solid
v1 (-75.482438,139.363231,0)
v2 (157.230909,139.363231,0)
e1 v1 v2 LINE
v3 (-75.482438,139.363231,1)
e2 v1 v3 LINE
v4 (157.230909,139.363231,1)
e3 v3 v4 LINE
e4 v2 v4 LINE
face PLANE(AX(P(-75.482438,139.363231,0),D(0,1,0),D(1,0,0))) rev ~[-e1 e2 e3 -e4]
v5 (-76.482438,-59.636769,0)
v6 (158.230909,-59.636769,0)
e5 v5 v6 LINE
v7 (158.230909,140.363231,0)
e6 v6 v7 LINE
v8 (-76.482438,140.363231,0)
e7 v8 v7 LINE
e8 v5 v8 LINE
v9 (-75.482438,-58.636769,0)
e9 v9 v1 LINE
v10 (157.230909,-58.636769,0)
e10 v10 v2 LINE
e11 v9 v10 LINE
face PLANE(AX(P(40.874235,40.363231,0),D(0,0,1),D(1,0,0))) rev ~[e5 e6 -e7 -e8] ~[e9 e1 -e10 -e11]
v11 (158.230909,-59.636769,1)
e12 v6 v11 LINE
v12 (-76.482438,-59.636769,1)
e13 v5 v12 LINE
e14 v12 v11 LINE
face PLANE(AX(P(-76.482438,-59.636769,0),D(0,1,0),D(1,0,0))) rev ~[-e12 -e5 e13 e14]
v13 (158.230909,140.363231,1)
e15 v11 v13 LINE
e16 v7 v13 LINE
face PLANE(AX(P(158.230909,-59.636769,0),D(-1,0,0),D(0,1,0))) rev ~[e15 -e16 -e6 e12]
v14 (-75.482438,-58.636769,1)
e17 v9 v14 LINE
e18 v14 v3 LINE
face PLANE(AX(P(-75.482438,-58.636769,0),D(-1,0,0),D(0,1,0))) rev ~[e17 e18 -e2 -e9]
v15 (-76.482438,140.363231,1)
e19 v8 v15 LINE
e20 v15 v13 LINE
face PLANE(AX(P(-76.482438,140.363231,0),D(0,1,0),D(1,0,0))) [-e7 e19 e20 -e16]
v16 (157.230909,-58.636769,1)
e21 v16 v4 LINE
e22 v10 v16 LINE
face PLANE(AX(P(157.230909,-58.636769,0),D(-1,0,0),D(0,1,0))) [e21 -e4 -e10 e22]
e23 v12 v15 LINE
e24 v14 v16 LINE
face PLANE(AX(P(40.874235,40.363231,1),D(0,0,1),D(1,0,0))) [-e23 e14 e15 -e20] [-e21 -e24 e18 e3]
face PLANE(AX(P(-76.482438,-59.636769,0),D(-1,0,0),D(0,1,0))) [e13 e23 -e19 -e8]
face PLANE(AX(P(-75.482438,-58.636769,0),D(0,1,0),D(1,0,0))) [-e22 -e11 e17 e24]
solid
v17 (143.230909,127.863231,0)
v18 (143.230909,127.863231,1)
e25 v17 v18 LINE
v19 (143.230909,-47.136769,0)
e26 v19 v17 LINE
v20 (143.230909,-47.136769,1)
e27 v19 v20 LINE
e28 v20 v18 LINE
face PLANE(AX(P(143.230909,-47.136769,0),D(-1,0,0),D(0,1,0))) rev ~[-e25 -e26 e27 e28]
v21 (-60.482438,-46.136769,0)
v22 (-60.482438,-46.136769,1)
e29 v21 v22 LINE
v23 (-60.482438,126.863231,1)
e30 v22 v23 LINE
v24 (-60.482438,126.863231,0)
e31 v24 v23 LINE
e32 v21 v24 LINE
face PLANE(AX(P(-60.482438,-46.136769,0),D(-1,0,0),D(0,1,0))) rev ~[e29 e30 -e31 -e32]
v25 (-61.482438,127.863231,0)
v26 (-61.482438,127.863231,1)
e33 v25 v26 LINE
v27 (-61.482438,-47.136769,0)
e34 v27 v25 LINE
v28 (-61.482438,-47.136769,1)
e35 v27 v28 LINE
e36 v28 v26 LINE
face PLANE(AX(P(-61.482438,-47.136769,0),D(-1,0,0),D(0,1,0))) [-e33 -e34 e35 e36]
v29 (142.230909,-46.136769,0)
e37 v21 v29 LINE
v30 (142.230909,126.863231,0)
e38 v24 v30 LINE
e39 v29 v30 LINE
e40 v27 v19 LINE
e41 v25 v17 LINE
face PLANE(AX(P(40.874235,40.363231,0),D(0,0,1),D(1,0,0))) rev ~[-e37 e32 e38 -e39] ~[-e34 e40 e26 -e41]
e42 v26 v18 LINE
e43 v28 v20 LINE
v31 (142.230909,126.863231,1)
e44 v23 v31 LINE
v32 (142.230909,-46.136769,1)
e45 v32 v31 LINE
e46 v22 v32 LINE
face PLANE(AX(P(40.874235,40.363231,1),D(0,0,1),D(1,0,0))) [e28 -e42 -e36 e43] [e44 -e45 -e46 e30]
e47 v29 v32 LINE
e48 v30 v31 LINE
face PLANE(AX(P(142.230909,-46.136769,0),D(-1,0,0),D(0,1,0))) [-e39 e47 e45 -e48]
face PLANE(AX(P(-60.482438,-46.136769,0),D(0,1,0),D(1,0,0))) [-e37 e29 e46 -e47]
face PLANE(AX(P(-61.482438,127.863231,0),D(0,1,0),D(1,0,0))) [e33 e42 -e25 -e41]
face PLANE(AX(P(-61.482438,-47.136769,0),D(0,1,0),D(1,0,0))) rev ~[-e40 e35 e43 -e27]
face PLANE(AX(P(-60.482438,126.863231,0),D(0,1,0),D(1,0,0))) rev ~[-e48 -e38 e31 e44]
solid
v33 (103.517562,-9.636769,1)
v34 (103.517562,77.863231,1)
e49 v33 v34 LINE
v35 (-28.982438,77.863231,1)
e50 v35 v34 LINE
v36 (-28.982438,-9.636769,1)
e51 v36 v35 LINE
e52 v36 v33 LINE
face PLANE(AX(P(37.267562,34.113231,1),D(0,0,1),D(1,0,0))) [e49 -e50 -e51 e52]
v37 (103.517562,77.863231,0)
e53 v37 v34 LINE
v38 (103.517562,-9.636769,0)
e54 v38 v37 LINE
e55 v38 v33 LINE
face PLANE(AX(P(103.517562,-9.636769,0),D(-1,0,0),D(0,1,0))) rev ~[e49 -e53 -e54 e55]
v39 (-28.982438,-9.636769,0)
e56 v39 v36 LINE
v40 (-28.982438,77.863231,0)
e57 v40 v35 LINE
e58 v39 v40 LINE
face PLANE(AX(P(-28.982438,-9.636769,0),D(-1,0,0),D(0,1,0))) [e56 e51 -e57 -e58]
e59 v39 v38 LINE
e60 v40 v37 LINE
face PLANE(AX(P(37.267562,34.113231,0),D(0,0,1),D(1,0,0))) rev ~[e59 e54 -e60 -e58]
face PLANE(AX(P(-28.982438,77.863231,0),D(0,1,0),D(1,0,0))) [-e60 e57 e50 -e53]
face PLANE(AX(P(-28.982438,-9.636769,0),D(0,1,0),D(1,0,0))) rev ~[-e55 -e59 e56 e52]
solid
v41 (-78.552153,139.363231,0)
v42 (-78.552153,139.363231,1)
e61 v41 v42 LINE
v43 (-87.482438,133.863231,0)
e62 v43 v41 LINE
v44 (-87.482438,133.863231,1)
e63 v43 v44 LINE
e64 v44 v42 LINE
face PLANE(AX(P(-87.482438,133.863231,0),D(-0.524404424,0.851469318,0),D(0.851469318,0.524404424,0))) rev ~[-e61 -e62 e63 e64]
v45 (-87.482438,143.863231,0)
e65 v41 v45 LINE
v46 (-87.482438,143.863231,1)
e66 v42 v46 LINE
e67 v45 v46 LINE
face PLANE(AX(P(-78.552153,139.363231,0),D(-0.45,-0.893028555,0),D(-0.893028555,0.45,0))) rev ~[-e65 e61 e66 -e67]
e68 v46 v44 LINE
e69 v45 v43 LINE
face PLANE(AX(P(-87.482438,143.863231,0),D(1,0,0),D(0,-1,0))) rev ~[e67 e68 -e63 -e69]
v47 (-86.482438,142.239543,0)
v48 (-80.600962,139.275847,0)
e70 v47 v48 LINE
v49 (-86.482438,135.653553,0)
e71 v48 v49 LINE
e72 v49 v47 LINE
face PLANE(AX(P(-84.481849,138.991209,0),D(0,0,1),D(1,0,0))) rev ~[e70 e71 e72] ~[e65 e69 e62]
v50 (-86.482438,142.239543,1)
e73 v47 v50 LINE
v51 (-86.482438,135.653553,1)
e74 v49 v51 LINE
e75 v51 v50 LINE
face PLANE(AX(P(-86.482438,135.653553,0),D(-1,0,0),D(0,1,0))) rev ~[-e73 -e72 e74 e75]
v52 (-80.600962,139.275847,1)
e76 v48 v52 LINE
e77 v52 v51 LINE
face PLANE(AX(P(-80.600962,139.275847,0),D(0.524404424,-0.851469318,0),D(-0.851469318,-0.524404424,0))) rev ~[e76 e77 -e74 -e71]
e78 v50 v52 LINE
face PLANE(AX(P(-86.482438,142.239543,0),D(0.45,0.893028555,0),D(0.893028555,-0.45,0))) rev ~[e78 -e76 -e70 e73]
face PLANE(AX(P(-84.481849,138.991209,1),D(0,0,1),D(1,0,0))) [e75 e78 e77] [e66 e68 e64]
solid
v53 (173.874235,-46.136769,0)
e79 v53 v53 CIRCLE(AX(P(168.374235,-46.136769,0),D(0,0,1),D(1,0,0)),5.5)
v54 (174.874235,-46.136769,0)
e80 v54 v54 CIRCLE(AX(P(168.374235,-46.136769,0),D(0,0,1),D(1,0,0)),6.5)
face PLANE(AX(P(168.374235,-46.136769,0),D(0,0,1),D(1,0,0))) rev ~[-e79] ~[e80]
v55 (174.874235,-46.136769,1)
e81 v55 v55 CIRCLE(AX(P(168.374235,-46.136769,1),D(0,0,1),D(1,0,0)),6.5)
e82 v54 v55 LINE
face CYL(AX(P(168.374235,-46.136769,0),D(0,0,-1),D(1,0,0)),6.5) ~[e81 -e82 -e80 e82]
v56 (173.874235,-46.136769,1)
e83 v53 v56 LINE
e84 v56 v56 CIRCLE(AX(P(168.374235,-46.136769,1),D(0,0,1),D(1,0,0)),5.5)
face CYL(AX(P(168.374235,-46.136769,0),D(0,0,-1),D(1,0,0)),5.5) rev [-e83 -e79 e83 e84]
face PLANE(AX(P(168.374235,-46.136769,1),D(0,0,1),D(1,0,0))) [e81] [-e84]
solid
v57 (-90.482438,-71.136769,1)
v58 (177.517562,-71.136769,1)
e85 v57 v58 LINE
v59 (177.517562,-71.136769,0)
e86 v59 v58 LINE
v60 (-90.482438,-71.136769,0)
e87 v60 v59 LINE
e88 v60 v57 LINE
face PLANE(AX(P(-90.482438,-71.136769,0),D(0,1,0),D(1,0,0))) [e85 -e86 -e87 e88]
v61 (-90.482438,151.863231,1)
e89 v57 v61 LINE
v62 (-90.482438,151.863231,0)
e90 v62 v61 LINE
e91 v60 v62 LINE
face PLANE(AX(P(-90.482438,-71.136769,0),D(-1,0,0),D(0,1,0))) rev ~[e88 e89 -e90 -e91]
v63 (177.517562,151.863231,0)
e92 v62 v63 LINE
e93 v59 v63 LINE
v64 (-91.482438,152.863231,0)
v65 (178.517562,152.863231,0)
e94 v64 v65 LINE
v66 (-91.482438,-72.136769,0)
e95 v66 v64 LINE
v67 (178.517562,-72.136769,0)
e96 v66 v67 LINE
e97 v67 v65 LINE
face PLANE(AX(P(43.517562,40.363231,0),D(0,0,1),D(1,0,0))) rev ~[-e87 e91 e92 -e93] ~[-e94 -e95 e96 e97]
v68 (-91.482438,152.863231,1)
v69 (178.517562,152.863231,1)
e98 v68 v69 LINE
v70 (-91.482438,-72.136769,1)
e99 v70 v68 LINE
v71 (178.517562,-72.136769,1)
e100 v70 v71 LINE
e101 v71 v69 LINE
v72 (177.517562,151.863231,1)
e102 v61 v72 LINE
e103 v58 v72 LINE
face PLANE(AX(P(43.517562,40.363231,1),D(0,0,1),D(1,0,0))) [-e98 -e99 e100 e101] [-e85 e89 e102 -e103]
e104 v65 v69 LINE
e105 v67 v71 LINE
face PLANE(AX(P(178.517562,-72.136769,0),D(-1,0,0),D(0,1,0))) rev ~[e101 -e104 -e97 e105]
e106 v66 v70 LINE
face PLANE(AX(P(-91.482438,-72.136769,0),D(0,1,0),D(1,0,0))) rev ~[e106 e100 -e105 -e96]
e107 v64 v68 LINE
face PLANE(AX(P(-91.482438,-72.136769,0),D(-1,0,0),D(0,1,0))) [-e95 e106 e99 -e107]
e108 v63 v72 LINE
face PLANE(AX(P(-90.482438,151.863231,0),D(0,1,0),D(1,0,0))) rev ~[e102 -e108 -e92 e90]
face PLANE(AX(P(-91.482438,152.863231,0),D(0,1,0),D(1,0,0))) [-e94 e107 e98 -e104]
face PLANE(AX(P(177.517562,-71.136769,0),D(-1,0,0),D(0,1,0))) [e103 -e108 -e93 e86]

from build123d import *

# Parameters (mm, degrees)
F1_W     = 270
F1_H     = 225
F1_W_2   = 268
F1_H_2   = 223
F2_DEPTH = 1
F1_W_3   = 234.7133469
F1_H_3   = 200
F1_W_4   = 232.7133469
F1_H_4   = 198
F1_W_5   = 204.7133469
F1_H_5   = 175
F1_W_6   = 202.7133469
F1_H_6   = 173
F1_R     = 6.5
F1_R_2   = 5.5
F1_W_7   = 132.5
F1_H_7   = 87.5


with BuildPart() as f2:
    # F1 (on Top) → F2 (new body)
    with BuildSketch(Plane.XY):
        with Locations((43.5175617039, 40.3632308638)):
            Rectangle(F1_W, F1_H)
        with Locations((43.5175617039, 40.3632308638)):
            Rectangle(F1_W_2, F1_H_2, mode=Mode.SUBTRACT)
    extrude(amount=F2_DEPTH)


with BuildPart() as f2b:
    # F1 (on Top) → F2, piece 2 (new body)
    with BuildSketch(Plane.XY):
        with Locations((40.8742351539, 40.3632308638)):
            Rectangle(F1_W_3, F1_H_3)
        with Locations((40.8742351539, 40.3632308638)):
            Rectangle(F1_W_4, F1_H_4, mode=Mode.SUBTRACT)
    extrude(amount=F2_DEPTH)


with BuildPart() as f2c:
    # F1 (on Top) → F2, piece 3 (new body)
    with BuildSketch(Plane.XY):
        with Locations((40.8742351539, 40.3632308638)):
            Rectangle(F1_W_5, F1_H_5)
        with Locations((40.8742351539, 40.3632308638)):
            Rectangle(F1_W_6, F1_H_6, mode=Mode.SUBTRACT)
    extrude(amount=F2_DEPTH)


with BuildPart() as f2d:
    # F1 (on Top) → F2, piece 4 (new body)
    with BuildSketch(Plane.XY):
        with Locations((168.3742351539, -46.1367691362)):
            Circle(F1_R)
        with Locations((168.3742351539, -46.1367691362)):
            Circle(F1_R_2, mode=Mode.SUBTRACT)
    extrude(amount=F2_DEPTH)


with BuildPart() as f2e:
    # F1 (on Top) → F2, piece 5 (new body)
    with BuildSketch(Plane.XY):
        with Locations((37.2675617039, 34.1132308638)):
            Rectangle(F1_W_7, F1_H_7)
    extrude(amount=F2_DEPTH)


with BuildPart() as f2f:
    # F1 (on Top) → F2, piece 6 (new body)
    with BuildSketch(Plane.XY):
        Polygon((-78.5521527463, 139.3632308638), (-87.4824382961, 143.8632308638), (-87.4824382961, 133.8632308638), align=None)
        Polygon((-86.4824382961, 135.6535530649), (-86.4824382961, 142.2395425821), (-80.6009615945, 139.2758472994), align=None, mode=Mode.SUBTRACT)
    extrude(amount=F2_DEPTH)


solid = Compound([f2.part, f2b.part, f2c.part, f2d.part, f2e.part, f2f.part])
